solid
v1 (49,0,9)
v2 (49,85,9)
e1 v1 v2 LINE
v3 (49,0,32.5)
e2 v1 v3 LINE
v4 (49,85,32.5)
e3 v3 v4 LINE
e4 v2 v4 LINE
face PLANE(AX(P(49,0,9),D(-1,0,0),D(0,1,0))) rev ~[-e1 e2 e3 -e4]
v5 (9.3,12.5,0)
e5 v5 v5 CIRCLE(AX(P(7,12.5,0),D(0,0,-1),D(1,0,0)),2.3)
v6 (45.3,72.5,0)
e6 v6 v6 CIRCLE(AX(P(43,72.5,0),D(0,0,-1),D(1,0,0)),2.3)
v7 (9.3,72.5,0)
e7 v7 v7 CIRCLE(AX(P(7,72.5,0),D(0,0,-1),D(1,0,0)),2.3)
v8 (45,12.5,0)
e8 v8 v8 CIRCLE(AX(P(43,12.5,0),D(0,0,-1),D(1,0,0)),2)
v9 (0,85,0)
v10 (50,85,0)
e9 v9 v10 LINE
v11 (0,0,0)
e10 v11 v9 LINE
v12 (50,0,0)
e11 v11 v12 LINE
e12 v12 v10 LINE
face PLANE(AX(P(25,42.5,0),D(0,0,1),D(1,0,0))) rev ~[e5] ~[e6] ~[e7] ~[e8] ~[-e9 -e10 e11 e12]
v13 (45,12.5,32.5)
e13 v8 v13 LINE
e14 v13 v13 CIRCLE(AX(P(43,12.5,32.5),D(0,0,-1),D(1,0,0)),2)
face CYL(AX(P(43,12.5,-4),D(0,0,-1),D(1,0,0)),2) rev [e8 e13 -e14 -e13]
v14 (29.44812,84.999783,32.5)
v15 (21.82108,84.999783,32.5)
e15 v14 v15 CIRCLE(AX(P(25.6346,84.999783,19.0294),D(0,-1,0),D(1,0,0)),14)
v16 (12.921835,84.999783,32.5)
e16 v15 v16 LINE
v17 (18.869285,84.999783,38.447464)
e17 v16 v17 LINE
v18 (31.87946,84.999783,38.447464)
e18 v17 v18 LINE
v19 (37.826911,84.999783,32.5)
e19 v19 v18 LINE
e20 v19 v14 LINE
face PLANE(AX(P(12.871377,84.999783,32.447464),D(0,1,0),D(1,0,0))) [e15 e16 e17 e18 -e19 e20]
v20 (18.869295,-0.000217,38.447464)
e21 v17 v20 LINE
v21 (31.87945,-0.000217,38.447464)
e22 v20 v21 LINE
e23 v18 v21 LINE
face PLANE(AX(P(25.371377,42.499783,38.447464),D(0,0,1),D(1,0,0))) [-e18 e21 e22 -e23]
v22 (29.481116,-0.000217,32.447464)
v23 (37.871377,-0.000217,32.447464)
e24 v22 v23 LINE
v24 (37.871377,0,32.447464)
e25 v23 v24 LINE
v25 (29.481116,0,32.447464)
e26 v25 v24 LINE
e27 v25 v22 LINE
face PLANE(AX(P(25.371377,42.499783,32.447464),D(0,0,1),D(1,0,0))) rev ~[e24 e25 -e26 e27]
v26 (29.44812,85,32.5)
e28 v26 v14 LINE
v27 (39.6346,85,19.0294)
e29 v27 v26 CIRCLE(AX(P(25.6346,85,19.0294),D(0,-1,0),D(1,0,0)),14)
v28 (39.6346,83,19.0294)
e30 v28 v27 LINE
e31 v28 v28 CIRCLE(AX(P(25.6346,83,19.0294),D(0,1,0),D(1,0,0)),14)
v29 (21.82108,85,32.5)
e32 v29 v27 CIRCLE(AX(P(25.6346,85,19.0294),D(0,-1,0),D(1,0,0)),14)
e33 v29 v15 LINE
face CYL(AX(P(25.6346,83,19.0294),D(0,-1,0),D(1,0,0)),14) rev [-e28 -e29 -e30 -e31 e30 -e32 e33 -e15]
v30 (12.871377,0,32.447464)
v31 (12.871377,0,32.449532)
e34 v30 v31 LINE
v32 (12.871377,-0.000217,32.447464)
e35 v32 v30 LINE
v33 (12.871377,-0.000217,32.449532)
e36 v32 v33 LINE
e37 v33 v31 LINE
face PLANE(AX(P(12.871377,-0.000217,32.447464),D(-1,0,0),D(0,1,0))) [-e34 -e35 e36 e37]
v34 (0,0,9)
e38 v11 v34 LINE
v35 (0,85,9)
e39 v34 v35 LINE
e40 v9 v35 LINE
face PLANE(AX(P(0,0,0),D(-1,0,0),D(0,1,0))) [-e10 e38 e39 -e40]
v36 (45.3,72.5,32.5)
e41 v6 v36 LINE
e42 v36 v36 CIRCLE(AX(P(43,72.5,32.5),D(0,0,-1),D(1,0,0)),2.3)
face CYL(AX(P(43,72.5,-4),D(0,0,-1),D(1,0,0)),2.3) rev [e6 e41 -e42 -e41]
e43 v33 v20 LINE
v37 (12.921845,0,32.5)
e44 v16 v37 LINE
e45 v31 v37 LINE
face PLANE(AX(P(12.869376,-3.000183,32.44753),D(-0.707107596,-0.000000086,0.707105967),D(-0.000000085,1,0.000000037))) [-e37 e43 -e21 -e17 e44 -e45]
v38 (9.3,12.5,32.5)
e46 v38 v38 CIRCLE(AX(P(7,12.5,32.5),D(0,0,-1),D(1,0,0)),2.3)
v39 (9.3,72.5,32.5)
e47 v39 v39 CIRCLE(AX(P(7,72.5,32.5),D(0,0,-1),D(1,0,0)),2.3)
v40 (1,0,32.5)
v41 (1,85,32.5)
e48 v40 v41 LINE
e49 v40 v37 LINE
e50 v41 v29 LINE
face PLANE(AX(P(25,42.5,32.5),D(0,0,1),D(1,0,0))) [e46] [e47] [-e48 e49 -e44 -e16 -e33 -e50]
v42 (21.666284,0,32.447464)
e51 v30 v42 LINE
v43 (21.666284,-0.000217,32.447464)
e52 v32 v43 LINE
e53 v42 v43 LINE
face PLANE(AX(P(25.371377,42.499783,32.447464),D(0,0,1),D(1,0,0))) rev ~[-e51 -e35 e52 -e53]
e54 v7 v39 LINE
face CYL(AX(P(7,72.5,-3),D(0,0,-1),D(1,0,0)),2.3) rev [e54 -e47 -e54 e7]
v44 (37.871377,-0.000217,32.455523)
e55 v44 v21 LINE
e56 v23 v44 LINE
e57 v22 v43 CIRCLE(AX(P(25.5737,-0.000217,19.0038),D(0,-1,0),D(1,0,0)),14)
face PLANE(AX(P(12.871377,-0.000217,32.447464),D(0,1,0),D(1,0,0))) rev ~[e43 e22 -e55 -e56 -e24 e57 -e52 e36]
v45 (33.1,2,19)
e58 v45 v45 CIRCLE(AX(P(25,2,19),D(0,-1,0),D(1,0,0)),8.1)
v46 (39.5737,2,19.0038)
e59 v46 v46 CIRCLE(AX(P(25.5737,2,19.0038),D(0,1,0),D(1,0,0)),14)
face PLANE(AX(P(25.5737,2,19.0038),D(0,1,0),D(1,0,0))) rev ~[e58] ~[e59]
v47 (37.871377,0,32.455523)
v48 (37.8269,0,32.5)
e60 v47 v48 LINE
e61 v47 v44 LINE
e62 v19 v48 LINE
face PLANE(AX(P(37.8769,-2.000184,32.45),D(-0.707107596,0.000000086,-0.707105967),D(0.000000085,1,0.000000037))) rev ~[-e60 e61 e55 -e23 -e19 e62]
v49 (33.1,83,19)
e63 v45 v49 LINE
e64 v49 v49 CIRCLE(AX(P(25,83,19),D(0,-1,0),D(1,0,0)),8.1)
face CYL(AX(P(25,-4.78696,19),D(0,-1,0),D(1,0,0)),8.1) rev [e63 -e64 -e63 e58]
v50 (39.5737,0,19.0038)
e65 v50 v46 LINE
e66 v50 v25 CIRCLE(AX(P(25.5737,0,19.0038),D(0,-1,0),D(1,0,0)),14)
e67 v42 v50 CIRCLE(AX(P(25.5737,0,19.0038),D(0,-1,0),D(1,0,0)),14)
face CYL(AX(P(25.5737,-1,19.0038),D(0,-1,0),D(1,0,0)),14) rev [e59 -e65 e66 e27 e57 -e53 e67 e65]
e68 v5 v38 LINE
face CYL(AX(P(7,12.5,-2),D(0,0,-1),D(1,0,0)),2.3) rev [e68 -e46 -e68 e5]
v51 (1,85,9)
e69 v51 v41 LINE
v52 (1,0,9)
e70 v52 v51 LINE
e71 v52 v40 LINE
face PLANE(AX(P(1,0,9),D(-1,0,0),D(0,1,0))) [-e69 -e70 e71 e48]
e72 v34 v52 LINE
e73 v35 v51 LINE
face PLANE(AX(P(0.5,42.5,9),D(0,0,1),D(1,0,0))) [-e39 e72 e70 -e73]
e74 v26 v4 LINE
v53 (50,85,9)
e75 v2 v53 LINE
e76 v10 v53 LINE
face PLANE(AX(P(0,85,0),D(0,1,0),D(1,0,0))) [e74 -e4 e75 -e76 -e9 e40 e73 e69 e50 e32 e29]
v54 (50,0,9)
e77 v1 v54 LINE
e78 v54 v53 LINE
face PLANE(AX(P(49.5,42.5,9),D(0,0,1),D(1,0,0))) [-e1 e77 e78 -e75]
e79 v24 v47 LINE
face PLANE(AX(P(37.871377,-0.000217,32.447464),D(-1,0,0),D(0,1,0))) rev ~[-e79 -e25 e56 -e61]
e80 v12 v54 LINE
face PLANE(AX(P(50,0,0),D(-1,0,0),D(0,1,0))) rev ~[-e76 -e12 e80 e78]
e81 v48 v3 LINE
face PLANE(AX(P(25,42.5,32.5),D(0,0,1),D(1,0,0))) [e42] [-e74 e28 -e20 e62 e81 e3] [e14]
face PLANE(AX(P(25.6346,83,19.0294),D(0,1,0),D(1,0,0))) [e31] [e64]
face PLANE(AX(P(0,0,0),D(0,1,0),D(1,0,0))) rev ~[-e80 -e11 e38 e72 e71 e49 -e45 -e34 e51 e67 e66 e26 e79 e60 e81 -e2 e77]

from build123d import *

# Parameters (mm, degrees)
CYLINDER006_R          = 14
CYLINDER006_DEPTH      = 3
CYLINDER006_ROLL_ANGLE = -90
CYLINDER005_R          = 14
CYLINDER005_DEPTH      = 3
CYLINDER005_ROLL_ANGLE = -90
CYLINDER004_R          = 2.3
CYLINDER004_DEPTH      = 40
CYLINDER003_R          = 2
CYLINDER003_DEPTH      = 40
CYLINDER002_R          = 2.3
CYLINDER002_DEPTH      = 40
CYLINDER001_R          = 2.3
CYLINDER001_DEPTH      = 40
BOX005_W               = 1
BOX005_H               = 85
BOX005_DEPTH           = 23.5
BOX004_W               = 1
BOX004_H               = 85
BOX004_DEPTH           = 23.5
BOX003_W               = 10
BOX003_H               = 90
BOX003_DEPTH           = 10
BOX003_ROLL_ANGLE      = 3e-06
BOX003_PITCH_ANGLE     = -44.999934
BOX003_PLACEMENT_ANGLE = -7e-06
BOX002_W               = 10
BOX002_H               = 90
BOX002_DEPTH           = 10
BOX002_ROLL_ANGLE      = 3e-06
BOX002_PITCH_ANGLE     = 44.999934
BOX002_PLACEMENT_ANGLE = 7e-06
BOX001_W               = 25
BOX001_H               = 85
BOX001_DEPTH           = 6
CYLINDER_R             = 8.1
CYLINDER_DEPTH         = 100
CYLINDER_ROLL_ANGLE    = -90
BOX_W                  = 50
BOX_H                  = 85
BOX_DEPTH              = 32.5


with BuildPart() as cylinder006:
    # Cylinder006 → Cylinder006 (new body)
    with BuildSketch(Plane.XY):
        Circle(CYLINDER006_R)
    extrude(amount=CYLINDER006_DEPTH)


with BuildPart() as cylinder006_1:
    # Cylinder006 roll: moved
    add(cylinder006.part.rotate(Axis((0, 0, 0), (1, 0, 0)), CYLINDER006_ROLL_ANGLE))


with BuildPart() as cylinder006_2:
    # Cylinder006 placement: moved
    add(cylinder006_1.part.moved(Location((25.6346, 83, 19.0294))))


with BuildPart() as cylinder005:
    # Cylinder005 → Cylinder005 (new body)
    with BuildSketch(Plane.XY):
        Circle(CYLINDER005_R)
    extrude(amount=CYLINDER005_DEPTH)


with BuildPart() as cylinder005_1:
    # Cylinder005 roll: moved
    add(cylinder005.part.rotate(Axis((0, 0, 0), (1, 0, 0)), CYLINDER005_ROLL_ANGLE))


with BuildPart() as cylinder005_2:
    # Cylinder005 placement: moved
    add(cylinder005_1.part.moved(Location((25.5737, -1, 19.0038))))


with BuildPart() as cylinder004:
    # Cylinder004 → Cylinder004 (new body)
    with BuildSketch(Plane(origin=(43, 72.5, -4), x_dir=(1, 0, 0), z_dir=(0, 0, 1))):
        Circle(CYLINDER004_R)
    extrude(amount=CYLINDER004_DEPTH)


with BuildPart() as cylinder003:
    # Cylinder003 → Cylinder003 (new body)
    with BuildSketch(Plane(origin=(43, 12.5, -4), x_dir=(1, 0, 0), z_dir=(0, 0, 1))):
        Circle(CYLINDER003_R)
    extrude(amount=CYLINDER003_DEPTH)


with BuildPart() as cylinder002:
    # Cylinder002 → Cylinder002 (new body)
    with BuildSketch(Plane(origin=(7, 72.5, -3), x_dir=(1, 0, 0), z_dir=(0, 0, 1))):
        Circle(CYLINDER002_R)
    extrude(amount=CYLINDER002_DEPTH)


with BuildPart() as cylinder001:
    # Cylinder001 → Cylinder001 (new body)
    with BuildSketch(Plane(origin=(7, 12.5, -2), x_dir=(1, 0, 0), z_dir=(0, 0, 1))):
        Circle(CYLINDER001_R)
    extrude(amount=CYLINDER001_DEPTH)


with BuildPart() as box005:
    # Box005 → Box005 (new body)
    with BuildSketch(Plane(origin=(49, 0, 9), x_dir=(1, 0, 0), z_dir=(0, 0, 1))):
        with Locations((0.5, 42.5)):
            Rectangle(BOX005_W, BOX005_H)
    extrude(amount=BOX005_DEPTH)


with BuildPart() as box004:
    # Box004 → Box004 (new body)
    with BuildSketch(Plane.XY.offset(9)):
        with Locations((0.5, 42.5)):
            Rectangle(BOX004_W, BOX004_H)
    extrude(amount=BOX004_DEPTH)


with BuildPart() as box003:
    # Box003 → Box003 (new body)
    with BuildSketch(Plane.XY):
        with Locations((5, 45)):
            Rectangle(BOX003_W, BOX003_H)
    extrude(amount=BOX003_DEPTH)


with BuildPart() as box003_1:
    # Box003 roll: moved
    add(box003.part.rotate(Axis((0, 0, 0), (1, 0, 0)), BOX003_ROLL_ANGLE))


with BuildPart() as box003_2:
    # Box003 pitch: moved
    add(box003_1.part.rotate(Axis((0, 0, 0), (0, 1, 0)), BOX003_PITCH_ANGLE))


with BuildPart() as box003_3:
    # Box003 placement: moved
    add(box003_2.part.moved(Location((-18.82, -2, 2.25))).rotate(Axis((-18.82, -2, 2.25), (0, 0, 1)), BOX003_PLACEMENT_ANGLE))


with BuildPart() as box002:
    # Box002 → Box002 (new body)
    with BuildSketch(Plane.XY):
        with Locations((5, 45)):
            Rectangle(BOX002_W, BOX002_H)
    extrude(amount=BOX002_DEPTH)


with BuildPart() as box002_1:
    # Box002 roll: moved
    add(box002.part.rotate(Axis((0, 0, 0), (1, 0, 0)), BOX002_ROLL_ANGLE))


with BuildPart() as box002_2:
    # Box002 pitch: moved
    add(box002_1.part.rotate(Axis((0, 0, 0), (0, 1, 0)), BOX002_PITCH_ANGLE))


with BuildPart() as box002_3:
    # Box002 placement: moved
    add(box002_2.part.moved(Location((-50.8986, -3, 9.31859))).rotate(Axis((-50.8986, -3, 9.31859), (0, 0, 1)), BOX002_PLACEMENT_ANGLE))


with BuildPart() as cut002:
    # Box001 → Box001 (new body)
    with BuildSketch(Plane(origin=(-43.825523, -3.3e-05, 2.247464), x_dir=(1, 0, 0), z_dir=(0, 0, 1))):
        with Locations((12.5, 42.5)):
            Rectangle(BOX001_W, BOX001_H)
    extrude(amount=BOX001_DEPTH)

    # Cut001: cut Box002
    add(box002_3.part, mode=Mode.SUBTRACT)

    # Cut002: cut Box003
    add(box003_3.part, mode=Mode.SUBTRACT)


with BuildPart() as cut002_1:
    # Cut002 placement: moved
    add(cut002.part.moved(Location((56.6969, -0.000184, 30.2))))


with BuildPart() as cylinder:
    # Cylinder → Cylinder (new body)
    with BuildSketch(Plane.XY):
        Circle(CYLINDER_R)
    extrude(amount=CYLINDER_DEPTH)


with BuildPart() as cylinder_1:
    # Cylinder roll: moved
    add(cylinder.part.rotate(Axis((0, 0, 0), (1, 0, 0)), CYLINDER_ROLL_ANGLE))


with BuildPart() as cylinder_2:
    # Cylinder placement: moved
    add(cylinder_1.part.moved(Location((25, -4.78696, 19))))


with BuildPart() as cut011:
    # Box → Box (new body)
    with BuildSketch(Plane.XY):
        with Locations((25, 42.5)):
            Rectangle(BOX_W, BOX_H)
    extrude(amount=BOX_DEPTH)

    # Cut: cut Cylinder
    add(cylinder_2.part, mode=Mode.SUBTRACT)

    # Fusion: union Cut002
    add(cut002_1.part)

    # Cut003: cut Box004
    add(box004.part, mode=Mode.SUBTRACT)

    # Cut004: cut Box005
    add(box005.part, mode=Mode.SUBTRACT)

    # Cut005: cut Cylinder001
    add(cylinder001.part, mode=Mode.SUBTRACT)

    # Cut006: cut Cylinder002
    add(cylinder002.part, mode=Mode.SUBTRACT)

    # Cut007: cut Cylinder003
    add(cylinder003.part, mode=Mode.SUBTRACT)

    # Cut008: cut Cylinder004
    add(cylinder004.part, mode=Mode.SUBTRACT)

    # Cut009: cut Cylinder005
    add(cylinder005_2.part, mode=Mode.SUBTRACT)

    # Cut010: cut Cylinder005
    add(cylinder005_2.part, mode=Mode.SUBTRACT)

    # Cut011: cut Cylinder006
    add(cylinder006_2.part, mode=Mode.SUBTRACT)


solid = cut011.part
